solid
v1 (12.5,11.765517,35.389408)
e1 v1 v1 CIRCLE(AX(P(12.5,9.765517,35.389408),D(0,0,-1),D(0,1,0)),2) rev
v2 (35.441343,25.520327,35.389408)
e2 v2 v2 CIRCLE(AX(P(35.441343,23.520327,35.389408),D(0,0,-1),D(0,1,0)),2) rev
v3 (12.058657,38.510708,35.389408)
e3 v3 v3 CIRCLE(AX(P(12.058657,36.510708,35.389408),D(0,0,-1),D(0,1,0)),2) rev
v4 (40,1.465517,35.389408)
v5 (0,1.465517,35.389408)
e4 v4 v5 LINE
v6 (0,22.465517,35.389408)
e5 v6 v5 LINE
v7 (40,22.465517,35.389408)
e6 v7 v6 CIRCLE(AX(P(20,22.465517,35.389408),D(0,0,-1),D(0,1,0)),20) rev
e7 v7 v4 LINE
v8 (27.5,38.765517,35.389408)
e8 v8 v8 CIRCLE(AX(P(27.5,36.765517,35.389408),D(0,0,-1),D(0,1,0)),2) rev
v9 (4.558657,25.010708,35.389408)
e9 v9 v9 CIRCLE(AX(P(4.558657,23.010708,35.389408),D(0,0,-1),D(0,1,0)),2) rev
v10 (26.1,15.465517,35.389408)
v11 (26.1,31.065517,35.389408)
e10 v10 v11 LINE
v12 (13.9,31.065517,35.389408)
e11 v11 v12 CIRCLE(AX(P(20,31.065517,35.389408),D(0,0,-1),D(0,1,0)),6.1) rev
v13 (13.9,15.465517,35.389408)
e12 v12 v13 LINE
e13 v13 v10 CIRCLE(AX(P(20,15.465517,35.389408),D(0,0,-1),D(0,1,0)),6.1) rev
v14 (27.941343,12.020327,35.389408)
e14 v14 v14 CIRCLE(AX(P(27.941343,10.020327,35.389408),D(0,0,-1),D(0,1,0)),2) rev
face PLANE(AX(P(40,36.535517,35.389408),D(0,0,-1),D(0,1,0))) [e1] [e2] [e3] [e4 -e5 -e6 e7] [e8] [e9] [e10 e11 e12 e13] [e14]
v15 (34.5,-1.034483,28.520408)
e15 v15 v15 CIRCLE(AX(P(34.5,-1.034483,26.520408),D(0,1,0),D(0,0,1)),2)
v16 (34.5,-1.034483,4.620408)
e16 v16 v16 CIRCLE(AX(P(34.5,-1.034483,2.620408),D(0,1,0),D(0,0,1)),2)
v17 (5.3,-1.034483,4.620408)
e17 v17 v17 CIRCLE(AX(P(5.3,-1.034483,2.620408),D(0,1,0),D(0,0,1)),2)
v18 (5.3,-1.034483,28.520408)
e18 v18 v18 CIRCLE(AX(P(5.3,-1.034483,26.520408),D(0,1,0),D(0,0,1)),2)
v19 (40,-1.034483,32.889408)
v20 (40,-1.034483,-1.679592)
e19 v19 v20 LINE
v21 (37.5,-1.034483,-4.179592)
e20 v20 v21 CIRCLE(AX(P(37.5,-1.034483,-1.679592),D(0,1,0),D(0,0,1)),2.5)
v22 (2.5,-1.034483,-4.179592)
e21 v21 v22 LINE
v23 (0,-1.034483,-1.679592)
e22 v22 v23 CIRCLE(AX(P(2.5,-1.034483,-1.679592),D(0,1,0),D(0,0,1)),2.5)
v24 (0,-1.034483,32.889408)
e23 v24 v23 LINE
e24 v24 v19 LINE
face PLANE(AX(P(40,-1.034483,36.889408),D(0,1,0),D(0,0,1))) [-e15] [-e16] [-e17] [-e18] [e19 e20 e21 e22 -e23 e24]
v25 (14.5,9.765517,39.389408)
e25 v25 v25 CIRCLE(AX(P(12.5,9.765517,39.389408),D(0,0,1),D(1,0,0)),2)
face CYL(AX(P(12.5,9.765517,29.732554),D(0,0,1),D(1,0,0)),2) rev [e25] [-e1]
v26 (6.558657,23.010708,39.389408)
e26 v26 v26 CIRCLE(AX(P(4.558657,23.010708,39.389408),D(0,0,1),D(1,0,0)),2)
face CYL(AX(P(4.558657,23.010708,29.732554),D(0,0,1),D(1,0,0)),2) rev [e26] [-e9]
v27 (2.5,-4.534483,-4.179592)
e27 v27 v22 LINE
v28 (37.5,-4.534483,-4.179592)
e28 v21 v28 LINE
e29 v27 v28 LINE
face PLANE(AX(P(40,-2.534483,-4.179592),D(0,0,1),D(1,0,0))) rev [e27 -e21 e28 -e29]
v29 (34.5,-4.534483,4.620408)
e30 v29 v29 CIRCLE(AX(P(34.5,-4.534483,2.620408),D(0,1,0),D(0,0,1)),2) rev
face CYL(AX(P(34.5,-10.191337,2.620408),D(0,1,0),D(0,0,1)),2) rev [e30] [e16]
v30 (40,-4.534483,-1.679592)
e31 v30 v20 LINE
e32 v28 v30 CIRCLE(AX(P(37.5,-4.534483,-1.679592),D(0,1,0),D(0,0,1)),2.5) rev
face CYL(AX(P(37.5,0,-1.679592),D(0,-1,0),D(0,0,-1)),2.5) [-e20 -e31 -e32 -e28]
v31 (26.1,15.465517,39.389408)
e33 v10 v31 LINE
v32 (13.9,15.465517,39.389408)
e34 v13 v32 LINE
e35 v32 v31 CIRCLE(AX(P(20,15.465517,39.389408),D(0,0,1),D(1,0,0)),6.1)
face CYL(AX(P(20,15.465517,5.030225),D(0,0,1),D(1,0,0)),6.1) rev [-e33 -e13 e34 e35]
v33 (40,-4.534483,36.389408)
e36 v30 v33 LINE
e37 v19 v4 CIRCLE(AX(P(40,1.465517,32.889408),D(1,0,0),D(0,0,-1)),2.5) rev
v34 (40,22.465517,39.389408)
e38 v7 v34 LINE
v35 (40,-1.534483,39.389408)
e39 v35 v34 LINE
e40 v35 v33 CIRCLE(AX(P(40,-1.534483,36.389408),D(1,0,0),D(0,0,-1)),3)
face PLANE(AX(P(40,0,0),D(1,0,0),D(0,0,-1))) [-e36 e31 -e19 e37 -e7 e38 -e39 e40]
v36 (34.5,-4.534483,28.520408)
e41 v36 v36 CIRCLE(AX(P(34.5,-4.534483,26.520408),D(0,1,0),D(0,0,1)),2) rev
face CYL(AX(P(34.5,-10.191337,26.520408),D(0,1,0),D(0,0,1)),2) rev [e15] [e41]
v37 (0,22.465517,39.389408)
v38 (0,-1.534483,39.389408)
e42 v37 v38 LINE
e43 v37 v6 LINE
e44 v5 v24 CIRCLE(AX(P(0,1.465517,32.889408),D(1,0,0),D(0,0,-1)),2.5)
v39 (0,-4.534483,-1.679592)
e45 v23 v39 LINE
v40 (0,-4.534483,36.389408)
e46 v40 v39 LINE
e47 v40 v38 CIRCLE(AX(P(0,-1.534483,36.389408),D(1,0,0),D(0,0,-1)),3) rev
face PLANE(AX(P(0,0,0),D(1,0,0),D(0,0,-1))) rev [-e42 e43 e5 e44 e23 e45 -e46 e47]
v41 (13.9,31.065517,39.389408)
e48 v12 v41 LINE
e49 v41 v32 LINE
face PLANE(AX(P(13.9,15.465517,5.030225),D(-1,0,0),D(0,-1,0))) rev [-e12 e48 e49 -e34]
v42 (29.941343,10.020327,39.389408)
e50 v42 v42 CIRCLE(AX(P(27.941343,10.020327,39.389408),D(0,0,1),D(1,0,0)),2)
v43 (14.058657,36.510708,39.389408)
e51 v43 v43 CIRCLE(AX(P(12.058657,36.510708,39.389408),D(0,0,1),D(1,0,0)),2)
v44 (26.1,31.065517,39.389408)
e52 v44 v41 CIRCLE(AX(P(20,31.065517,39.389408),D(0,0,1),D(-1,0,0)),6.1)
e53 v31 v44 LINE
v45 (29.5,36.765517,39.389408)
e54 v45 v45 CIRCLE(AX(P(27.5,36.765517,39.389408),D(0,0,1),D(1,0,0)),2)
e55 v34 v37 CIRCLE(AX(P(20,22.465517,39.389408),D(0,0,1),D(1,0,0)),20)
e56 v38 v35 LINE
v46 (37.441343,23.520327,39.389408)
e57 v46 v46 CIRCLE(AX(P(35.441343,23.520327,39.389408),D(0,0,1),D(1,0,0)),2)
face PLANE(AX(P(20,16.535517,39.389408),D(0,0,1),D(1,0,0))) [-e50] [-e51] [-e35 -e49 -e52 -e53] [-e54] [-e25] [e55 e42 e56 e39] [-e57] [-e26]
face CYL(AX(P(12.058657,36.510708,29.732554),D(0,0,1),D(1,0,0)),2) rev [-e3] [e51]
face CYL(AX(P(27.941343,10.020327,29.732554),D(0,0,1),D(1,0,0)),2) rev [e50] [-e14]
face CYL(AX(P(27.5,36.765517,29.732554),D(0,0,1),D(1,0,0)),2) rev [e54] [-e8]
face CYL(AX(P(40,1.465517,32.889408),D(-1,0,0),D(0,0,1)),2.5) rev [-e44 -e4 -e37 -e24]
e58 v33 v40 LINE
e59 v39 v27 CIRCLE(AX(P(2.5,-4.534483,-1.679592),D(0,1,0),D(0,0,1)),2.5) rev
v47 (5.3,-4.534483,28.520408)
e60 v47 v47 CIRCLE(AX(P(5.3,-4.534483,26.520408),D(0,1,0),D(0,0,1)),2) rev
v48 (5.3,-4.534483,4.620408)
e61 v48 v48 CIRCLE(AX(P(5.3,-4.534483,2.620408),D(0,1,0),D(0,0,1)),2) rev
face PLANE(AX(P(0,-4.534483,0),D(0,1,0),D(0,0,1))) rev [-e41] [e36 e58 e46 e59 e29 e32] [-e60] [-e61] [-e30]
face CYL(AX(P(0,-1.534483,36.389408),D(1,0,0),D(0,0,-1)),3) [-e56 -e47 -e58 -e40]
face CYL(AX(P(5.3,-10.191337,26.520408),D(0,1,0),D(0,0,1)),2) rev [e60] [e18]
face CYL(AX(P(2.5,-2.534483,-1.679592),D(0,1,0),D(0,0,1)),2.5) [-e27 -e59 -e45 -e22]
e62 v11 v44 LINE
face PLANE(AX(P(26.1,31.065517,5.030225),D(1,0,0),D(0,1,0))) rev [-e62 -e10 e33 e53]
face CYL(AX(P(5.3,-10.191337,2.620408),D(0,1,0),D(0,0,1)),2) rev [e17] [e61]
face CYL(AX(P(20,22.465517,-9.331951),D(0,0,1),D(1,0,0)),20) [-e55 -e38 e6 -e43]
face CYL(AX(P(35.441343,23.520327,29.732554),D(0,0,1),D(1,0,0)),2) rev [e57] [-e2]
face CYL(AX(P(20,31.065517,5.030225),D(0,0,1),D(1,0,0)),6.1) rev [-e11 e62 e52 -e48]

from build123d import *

# Parameters (mm, degrees)
SKETCH2_W           = 1.5
SKETCH2_H           = 37.57
SKETCH2_H_2         = 1.5
SKETCH2_W_2         = 39.569
BOSS_EXTRUDE1_DEPTH = 40
SKETCH3_R           = 1.65
CUT_EXTRUDE1_DEPTH  = 40
SKETCH4_R           = 10.5
SKETCH4_R_2         = 1.65
CUT_EXTRUDE2_DEPTH  = 40
SKETCH_1_R          = 10.5
SKETCH_1_R_2        = 1.65
EXTRUDE_1_DEPTH     = 2.5
FILLET_1_R          = 2.5
SKETCH_2_W          = 40
SKETCH_2_H          = 43.569
SKETCH_2_R          = 1.65
EXTRUDE_2_DEPTH     = 2
FILLET_2_R          = 2.5
SKETCH_3_R          = 1.65
EXTRUDE_3_DEPTH     = 3.5
SKETCH_4_R          = 2
CUT_EXTRUDE_1_DEPTH = 3.5
FILLET_3_R          = 3
SKETCH_5_W          = 40
SKETCH_5_H          = 4
EXTRUDE_4_DEPTH     = 27
FILLET_4_R          = 3
EXTRUDE_5_DEPTH     = 4
CUT_EXTRUDE_2_DEPTH = 4
SKETCH_10_R         = 2
CUT_EXTRUDE_3_DEPTH = 4


with BuildPart() as part:
    # Sketch2 → Boss-Extrude1 (new body)
    with BuildSketch(Plane(origin=(0, 0, 0), x_dir=(0, 0, -1), z_dir=(1, 0, 0))):
        with Locations((-36.139408466, 17.750517241)):
            Rectangle(SKETCH2_W, SKETCH2_H)
        with Locations((-36.139408466, -1.784482759)):
            Rectangle(SKETCH2_W, SKETCH2_H_2)
        with Locations((-15.604908466, -1.784482759)):
            Rectangle(SKETCH2_W_2, SKETCH2_H_2)
    extrude(amount=BOSS_EXTRUDE1_DEPTH)

    # Sketch3 → Cut-Extrude1 (cut)
    with BuildSketch(Plane(origin=(0, -1.034482759, 0), x_dir=(1, 0, 0), z_dir=(0, 1, 0))):
        with Locations(Location((4.5, -30.820408466, 0), (0, 0, 270))):
            Circle(SKETCH3_R)
        with Locations(Location((4.5, -20.820408466, 0), (0, 0, 270))):
            Circle(SKETCH3_R)
        with Locations(Location((4.5, -10.820408466, 0), (0, 0, 270))):
            Circle(SKETCH3_R)
        with Locations(Location((4.5, -0.820408466, 0), (0, 0, 270))):
            Circle(SKETCH3_R)
        with Locations(Location((35.5, -30.820408466, 0), (0, 0, 270))):
            Circle(SKETCH3_R)
        with Locations(Location((35.5, -20.820408466, 0), (0, 0, 270))):
            Circle(SKETCH3_R)
        with Locations(Location((35.5, -10.820408466, 0), (0, 0, 270))):
            Circle(SKETCH3_R)
        with Locations(Location((35.5, -0.820408466, 0), (0, 0, 270))):
            Circle(SKETCH3_R)
    extrude(amount=-CUT_EXTRUDE1_DEPTH, mode=Mode.SUBTRACT)

    # Sketch4 → Cut-Extrude2 (cut)
    with BuildSketch(Plane(origin=(0, 0, 35.389408466), x_dir=(-1, 0, 0), z_dir=(0, 0, -1))):
        with Locations(Location((-20, 16.535517241, 0), (0, 0, 90))):
            Circle(SKETCH4_R)
        with Locations(Location((-11.070998723, 25.983952889, 0), (0, 0, 90))):
            Circle(SKETCH4_R_2)
        with Locations(Location((-10.551564352, 7.606515964, 0), (0, 0, 90))):
            Circle(SKETCH4_R_2)
        with Locations(Location((-29.448435648, 25.464518519, 0), (0, 0, 90))):
            Circle(SKETCH4_R_2)
        with Locations(Location((-28.929001277, 7.087081594, 0), (0, 0, 90))):
            Circle(SKETCH4_R_2)
        with BuildLine():
            Line((-40, 36.535517241), (-40, 16.535517241))
            ThreePointArc((-40, 16.535517241), (-34.142135624, 30.677652865), (-20, 36.535517241))
            Line((-20, 36.535517241), (-40, 36.535517241))
        make_face()
        with BuildLine():
            Line((0, 36.535517241), (-20, 36.535517241))
            ThreePointArc((-20, 36.535517241), (-5.857864785, 30.677653274), (0, 16.535518399))
            Line((0, 16.535518399), (0, 36.535517241))
        make_face()
    extrude(amount=-CUT_EXTRUDE2_DEPTH, mode=Mode.SUBTRACT)

    # 草图1 → 凸台-拉伸1 (add)
    with BuildSketch(Plane.XY.offset(36.889408466)):
        with BuildLine():
            Line((0, 16.535517241), (0, -2.534482759))
            Line((0, -2.534482759), (40, -2.534482759))
            Line((40, -2.534482759), (40, 16.535517241))
            ThreePointArc((40, 16.535517241), (20, 36.535517241), (0, 16.535517241))
        make_face()
        with Locations(Location((20, 16.535517241, 0), (0, 0, 90))):
            Circle(SKETCH_1_R, mode=Mode.SUBTRACT)
        with Locations(Location((11.070998723, 25.983952889, 0), (0, 0, 90))):
            Circle(SKETCH_1_R_2, mode=Mode.SUBTRACT)
        with Locations(Location((29.448435648, 25.464518519, 0), (0, 0, 90))):
            Circle(SKETCH_1_R_2, mode=Mode.SUBTRACT)
        with Locations(Location((28.929001277, 7.087081594, 0), (0, 0, 90))):
            Circle(SKETCH_1_R_2, mode=Mode.SUBTRACT)
        with Locations(Location((10.551564352, 7.606515964, 0), (0, 0, 90))):
            Circle(SKETCH_1_R_2, mode=Mode.SUBTRACT)
    extrude(amount=EXTRUDE_1_DEPTH)

    # 圆角1
    fillet_1_edges = [part.edges().sort_by_distance(p)[0] for p in [
        (20, -1.034482759, 35.389408466),
    ]]
    fillet(fillet_1_edges, radius=FILLET_1_R)

    # 草图2 → 凸台-拉伸2 (add)
    with BuildSketch(Plane.XZ.offset(2.534482759)):
        with Locations((20, 17.604908466)):
            Rectangle(SKETCH_2_W, SKETCH_2_H)
        with Locations(Location((4.5, 30.820408466, 0), (0, 0, 90))):
            Circle(SKETCH_2_R, mode=Mode.SUBTRACT)
        with Locations(Location((4.5, 20.820408466, 0), (0, 0, 90))):
            Circle(SKETCH_2_R, mode=Mode.SUBTRACT)
        with Locations(Location((4.5, 0.820408466, 0), (0, 0, 90))):
            Circle(SKETCH_2_R, mode=Mode.SUBTRACT)
        with Locations(Location((4.5, 10.820408466, 0), (0, 0, 90))):
            Circle(SKETCH_2_R, mode=Mode.SUBTRACT)
        with Locations(Location((35.5, 30.820408466, 0), (0, 0, 90))):
            Circle(SKETCH_2_R, mode=Mode.SUBTRACT)
        with Locations(Location((35.5, 20.820408466, 0), (0, 0, 90))):
            Circle(SKETCH_2_R, mode=Mode.SUBTRACT)
        with Locations(Location((35.5, 10.820408466, 0), (0, 0, 90))):
            Circle(SKETCH_2_R, mode=Mode.SUBTRACT)
        with Locations(Location((35.5, 0.820408466, 0), (0, 0, 90))):
            Circle(SKETCH_2_R, mode=Mode.SUBTRACT)
    extrude(amount=EXTRUDE_2_DEPTH)

    # 圆角2
    fillet_2_edges = [part.edges().sort_by_distance(p)[0] for p in [
        (40, -3.534482759, -4.179591534),
        (0, -3.534482759, -4.179591534),
    ]]
    fillet(fillet_2_edges, radius=FILLET_2_R)

    # 草图3 → 凸台-拉伸3 (add)
    with BuildSketch(Plane(origin=(0, -1.034482759, 0), x_dir=(1, 0, 0), z_dir=(0, 1, 0))):
        with Locations((35.5, -0.820408466)):
            Circle(SKETCH_3_R)
        with Locations((35.5, -10.820408466)):
            Circle(SKETCH_3_R)
        with Locations((35.5, -20.820408466)):
            Circle(SKETCH_3_R)
        with Locations((35.5, -30.820408466)):
            Circle(SKETCH_3_R)
        with Locations((4.5, -0.820408466)):
            Circle(SKETCH_3_R)
        with Locations((4.5, -10.820408466)):
            Circle(SKETCH_3_R)
        with Locations((4.5, -20.820408466)):
            Circle(SKETCH_3_R)
        with Locations((4.5, -30.820408466)):
            Circle(SKETCH_3_R)
    extrude(amount=-EXTRUDE_3_DEPTH)

    # 草图4 → 切除-拉伸1 (cut)
    with BuildSketch(Plane(origin=(0, -1.034482759, 0), x_dir=(1, 0, 0), z_dir=(0, 1, 0))):
        with Locations(Location((34.5, -2.620408466, 0), (0, 0, 270))):
            Circle(SKETCH_4_R)
        with Locations(Location((34.5, -26.520408466, 0), (0, 0, 270))):
            Circle(SKETCH_4_R)
        with Locations(Location((5.3, -2.620408466, 0), (0, 0, 270))):
            Circle(SKETCH_4_R)
        with Locations(Location((5.3, -26.520408466, 0), (0, 0, 270))):
            Circle(SKETCH_4_R)
    extrude(amount=-CUT_EXTRUDE_1_DEPTH, mode=Mode.SUBTRACT)

    # 圆角3
    fillet_3_edges = [part.edges().sort_by_distance(p)[0] for p in [
        (20, -4.534482759, 39.389408466),
    ]]
    fillet(fillet_3_edges, radius=FILLET_3_R)

    # 草图5 → 凸台-拉伸4 (add)
    with BuildSketch(Plane.XZ.offset(4.534482759)):
        with Locations((20, 37.389408466)):
            Rectangle(SKETCH_5_W, SKETCH_5_H)
    extrude(amount=-EXTRUDE_4_DEPTH)

    # 圆角4
    fillet_4_edges = [part.edges().sort_by_distance(p)[0] for p in [
        (20, -4.534482759, 39.389408466),
    ]]
    fillet(fillet_4_edges, radius=FILLET_4_R)

    # 草图7 → 凸台-拉伸5 (add)
    with BuildSketch(Plane.XY.offset(39.389408466)):
        with BuildLine():
            Line((0, 22.465517241), (40, 22.465517241))
            ThreePointArc((40, 22.465517241), (20, 42.465517241), (0, 22.465517241))
        make_face()
    extrude(amount=-EXTRUDE_5_DEPTH)

    # 草图8 → 切除-拉伸2 (cut)
    with BuildSketch(Plane.XY.offset(39.389408466)):
        with BuildLine():
            Line((26.1, 31.065517241), (26.1, 15.465517241))
            ThreePointArc((26.1, 15.465517241), (20, 9.365517241), (13.9, 15.465517241))
            Line((13.9, 15.465517241), (13.9, 31.065517241))
            ThreePointArc((13.9, 31.065517241), (20, 37.165517241), (26.1, 31.065517241))
        make_face()
    extrude(amount=-CUT_EXTRUDE_2_DEPTH, mode=Mode.SUBTRACT)

    # 草图10 → 切除-拉伸3 (cut)
    with BuildSketch(Plane.XY.offset(39.389408466)):
        with Locations((12.5, 9.765517241)):
            Circle(SKETCH_10_R)
        with Locations((27.941342951, 10.020326713)):
            Circle(SKETCH_10_R)
        with Locations((35.441342951, 23.520326713)):
            Circle(SKETCH_10_R)
        with Locations((27.5, 36.765517241)):
            Circle(SKETCH_10_R)
        with Locations((12.058657049, 36.51070777)):
            Circle(SKETCH_10_R)
        with Locations((4.558657049, 23.01070777)):
            Circle(SKETCH_10_R)
    extrude(amount=-CUT_EXTRUDE_3_DEPTH, mode=Mode.SUBTRACT)


solid = part.part
